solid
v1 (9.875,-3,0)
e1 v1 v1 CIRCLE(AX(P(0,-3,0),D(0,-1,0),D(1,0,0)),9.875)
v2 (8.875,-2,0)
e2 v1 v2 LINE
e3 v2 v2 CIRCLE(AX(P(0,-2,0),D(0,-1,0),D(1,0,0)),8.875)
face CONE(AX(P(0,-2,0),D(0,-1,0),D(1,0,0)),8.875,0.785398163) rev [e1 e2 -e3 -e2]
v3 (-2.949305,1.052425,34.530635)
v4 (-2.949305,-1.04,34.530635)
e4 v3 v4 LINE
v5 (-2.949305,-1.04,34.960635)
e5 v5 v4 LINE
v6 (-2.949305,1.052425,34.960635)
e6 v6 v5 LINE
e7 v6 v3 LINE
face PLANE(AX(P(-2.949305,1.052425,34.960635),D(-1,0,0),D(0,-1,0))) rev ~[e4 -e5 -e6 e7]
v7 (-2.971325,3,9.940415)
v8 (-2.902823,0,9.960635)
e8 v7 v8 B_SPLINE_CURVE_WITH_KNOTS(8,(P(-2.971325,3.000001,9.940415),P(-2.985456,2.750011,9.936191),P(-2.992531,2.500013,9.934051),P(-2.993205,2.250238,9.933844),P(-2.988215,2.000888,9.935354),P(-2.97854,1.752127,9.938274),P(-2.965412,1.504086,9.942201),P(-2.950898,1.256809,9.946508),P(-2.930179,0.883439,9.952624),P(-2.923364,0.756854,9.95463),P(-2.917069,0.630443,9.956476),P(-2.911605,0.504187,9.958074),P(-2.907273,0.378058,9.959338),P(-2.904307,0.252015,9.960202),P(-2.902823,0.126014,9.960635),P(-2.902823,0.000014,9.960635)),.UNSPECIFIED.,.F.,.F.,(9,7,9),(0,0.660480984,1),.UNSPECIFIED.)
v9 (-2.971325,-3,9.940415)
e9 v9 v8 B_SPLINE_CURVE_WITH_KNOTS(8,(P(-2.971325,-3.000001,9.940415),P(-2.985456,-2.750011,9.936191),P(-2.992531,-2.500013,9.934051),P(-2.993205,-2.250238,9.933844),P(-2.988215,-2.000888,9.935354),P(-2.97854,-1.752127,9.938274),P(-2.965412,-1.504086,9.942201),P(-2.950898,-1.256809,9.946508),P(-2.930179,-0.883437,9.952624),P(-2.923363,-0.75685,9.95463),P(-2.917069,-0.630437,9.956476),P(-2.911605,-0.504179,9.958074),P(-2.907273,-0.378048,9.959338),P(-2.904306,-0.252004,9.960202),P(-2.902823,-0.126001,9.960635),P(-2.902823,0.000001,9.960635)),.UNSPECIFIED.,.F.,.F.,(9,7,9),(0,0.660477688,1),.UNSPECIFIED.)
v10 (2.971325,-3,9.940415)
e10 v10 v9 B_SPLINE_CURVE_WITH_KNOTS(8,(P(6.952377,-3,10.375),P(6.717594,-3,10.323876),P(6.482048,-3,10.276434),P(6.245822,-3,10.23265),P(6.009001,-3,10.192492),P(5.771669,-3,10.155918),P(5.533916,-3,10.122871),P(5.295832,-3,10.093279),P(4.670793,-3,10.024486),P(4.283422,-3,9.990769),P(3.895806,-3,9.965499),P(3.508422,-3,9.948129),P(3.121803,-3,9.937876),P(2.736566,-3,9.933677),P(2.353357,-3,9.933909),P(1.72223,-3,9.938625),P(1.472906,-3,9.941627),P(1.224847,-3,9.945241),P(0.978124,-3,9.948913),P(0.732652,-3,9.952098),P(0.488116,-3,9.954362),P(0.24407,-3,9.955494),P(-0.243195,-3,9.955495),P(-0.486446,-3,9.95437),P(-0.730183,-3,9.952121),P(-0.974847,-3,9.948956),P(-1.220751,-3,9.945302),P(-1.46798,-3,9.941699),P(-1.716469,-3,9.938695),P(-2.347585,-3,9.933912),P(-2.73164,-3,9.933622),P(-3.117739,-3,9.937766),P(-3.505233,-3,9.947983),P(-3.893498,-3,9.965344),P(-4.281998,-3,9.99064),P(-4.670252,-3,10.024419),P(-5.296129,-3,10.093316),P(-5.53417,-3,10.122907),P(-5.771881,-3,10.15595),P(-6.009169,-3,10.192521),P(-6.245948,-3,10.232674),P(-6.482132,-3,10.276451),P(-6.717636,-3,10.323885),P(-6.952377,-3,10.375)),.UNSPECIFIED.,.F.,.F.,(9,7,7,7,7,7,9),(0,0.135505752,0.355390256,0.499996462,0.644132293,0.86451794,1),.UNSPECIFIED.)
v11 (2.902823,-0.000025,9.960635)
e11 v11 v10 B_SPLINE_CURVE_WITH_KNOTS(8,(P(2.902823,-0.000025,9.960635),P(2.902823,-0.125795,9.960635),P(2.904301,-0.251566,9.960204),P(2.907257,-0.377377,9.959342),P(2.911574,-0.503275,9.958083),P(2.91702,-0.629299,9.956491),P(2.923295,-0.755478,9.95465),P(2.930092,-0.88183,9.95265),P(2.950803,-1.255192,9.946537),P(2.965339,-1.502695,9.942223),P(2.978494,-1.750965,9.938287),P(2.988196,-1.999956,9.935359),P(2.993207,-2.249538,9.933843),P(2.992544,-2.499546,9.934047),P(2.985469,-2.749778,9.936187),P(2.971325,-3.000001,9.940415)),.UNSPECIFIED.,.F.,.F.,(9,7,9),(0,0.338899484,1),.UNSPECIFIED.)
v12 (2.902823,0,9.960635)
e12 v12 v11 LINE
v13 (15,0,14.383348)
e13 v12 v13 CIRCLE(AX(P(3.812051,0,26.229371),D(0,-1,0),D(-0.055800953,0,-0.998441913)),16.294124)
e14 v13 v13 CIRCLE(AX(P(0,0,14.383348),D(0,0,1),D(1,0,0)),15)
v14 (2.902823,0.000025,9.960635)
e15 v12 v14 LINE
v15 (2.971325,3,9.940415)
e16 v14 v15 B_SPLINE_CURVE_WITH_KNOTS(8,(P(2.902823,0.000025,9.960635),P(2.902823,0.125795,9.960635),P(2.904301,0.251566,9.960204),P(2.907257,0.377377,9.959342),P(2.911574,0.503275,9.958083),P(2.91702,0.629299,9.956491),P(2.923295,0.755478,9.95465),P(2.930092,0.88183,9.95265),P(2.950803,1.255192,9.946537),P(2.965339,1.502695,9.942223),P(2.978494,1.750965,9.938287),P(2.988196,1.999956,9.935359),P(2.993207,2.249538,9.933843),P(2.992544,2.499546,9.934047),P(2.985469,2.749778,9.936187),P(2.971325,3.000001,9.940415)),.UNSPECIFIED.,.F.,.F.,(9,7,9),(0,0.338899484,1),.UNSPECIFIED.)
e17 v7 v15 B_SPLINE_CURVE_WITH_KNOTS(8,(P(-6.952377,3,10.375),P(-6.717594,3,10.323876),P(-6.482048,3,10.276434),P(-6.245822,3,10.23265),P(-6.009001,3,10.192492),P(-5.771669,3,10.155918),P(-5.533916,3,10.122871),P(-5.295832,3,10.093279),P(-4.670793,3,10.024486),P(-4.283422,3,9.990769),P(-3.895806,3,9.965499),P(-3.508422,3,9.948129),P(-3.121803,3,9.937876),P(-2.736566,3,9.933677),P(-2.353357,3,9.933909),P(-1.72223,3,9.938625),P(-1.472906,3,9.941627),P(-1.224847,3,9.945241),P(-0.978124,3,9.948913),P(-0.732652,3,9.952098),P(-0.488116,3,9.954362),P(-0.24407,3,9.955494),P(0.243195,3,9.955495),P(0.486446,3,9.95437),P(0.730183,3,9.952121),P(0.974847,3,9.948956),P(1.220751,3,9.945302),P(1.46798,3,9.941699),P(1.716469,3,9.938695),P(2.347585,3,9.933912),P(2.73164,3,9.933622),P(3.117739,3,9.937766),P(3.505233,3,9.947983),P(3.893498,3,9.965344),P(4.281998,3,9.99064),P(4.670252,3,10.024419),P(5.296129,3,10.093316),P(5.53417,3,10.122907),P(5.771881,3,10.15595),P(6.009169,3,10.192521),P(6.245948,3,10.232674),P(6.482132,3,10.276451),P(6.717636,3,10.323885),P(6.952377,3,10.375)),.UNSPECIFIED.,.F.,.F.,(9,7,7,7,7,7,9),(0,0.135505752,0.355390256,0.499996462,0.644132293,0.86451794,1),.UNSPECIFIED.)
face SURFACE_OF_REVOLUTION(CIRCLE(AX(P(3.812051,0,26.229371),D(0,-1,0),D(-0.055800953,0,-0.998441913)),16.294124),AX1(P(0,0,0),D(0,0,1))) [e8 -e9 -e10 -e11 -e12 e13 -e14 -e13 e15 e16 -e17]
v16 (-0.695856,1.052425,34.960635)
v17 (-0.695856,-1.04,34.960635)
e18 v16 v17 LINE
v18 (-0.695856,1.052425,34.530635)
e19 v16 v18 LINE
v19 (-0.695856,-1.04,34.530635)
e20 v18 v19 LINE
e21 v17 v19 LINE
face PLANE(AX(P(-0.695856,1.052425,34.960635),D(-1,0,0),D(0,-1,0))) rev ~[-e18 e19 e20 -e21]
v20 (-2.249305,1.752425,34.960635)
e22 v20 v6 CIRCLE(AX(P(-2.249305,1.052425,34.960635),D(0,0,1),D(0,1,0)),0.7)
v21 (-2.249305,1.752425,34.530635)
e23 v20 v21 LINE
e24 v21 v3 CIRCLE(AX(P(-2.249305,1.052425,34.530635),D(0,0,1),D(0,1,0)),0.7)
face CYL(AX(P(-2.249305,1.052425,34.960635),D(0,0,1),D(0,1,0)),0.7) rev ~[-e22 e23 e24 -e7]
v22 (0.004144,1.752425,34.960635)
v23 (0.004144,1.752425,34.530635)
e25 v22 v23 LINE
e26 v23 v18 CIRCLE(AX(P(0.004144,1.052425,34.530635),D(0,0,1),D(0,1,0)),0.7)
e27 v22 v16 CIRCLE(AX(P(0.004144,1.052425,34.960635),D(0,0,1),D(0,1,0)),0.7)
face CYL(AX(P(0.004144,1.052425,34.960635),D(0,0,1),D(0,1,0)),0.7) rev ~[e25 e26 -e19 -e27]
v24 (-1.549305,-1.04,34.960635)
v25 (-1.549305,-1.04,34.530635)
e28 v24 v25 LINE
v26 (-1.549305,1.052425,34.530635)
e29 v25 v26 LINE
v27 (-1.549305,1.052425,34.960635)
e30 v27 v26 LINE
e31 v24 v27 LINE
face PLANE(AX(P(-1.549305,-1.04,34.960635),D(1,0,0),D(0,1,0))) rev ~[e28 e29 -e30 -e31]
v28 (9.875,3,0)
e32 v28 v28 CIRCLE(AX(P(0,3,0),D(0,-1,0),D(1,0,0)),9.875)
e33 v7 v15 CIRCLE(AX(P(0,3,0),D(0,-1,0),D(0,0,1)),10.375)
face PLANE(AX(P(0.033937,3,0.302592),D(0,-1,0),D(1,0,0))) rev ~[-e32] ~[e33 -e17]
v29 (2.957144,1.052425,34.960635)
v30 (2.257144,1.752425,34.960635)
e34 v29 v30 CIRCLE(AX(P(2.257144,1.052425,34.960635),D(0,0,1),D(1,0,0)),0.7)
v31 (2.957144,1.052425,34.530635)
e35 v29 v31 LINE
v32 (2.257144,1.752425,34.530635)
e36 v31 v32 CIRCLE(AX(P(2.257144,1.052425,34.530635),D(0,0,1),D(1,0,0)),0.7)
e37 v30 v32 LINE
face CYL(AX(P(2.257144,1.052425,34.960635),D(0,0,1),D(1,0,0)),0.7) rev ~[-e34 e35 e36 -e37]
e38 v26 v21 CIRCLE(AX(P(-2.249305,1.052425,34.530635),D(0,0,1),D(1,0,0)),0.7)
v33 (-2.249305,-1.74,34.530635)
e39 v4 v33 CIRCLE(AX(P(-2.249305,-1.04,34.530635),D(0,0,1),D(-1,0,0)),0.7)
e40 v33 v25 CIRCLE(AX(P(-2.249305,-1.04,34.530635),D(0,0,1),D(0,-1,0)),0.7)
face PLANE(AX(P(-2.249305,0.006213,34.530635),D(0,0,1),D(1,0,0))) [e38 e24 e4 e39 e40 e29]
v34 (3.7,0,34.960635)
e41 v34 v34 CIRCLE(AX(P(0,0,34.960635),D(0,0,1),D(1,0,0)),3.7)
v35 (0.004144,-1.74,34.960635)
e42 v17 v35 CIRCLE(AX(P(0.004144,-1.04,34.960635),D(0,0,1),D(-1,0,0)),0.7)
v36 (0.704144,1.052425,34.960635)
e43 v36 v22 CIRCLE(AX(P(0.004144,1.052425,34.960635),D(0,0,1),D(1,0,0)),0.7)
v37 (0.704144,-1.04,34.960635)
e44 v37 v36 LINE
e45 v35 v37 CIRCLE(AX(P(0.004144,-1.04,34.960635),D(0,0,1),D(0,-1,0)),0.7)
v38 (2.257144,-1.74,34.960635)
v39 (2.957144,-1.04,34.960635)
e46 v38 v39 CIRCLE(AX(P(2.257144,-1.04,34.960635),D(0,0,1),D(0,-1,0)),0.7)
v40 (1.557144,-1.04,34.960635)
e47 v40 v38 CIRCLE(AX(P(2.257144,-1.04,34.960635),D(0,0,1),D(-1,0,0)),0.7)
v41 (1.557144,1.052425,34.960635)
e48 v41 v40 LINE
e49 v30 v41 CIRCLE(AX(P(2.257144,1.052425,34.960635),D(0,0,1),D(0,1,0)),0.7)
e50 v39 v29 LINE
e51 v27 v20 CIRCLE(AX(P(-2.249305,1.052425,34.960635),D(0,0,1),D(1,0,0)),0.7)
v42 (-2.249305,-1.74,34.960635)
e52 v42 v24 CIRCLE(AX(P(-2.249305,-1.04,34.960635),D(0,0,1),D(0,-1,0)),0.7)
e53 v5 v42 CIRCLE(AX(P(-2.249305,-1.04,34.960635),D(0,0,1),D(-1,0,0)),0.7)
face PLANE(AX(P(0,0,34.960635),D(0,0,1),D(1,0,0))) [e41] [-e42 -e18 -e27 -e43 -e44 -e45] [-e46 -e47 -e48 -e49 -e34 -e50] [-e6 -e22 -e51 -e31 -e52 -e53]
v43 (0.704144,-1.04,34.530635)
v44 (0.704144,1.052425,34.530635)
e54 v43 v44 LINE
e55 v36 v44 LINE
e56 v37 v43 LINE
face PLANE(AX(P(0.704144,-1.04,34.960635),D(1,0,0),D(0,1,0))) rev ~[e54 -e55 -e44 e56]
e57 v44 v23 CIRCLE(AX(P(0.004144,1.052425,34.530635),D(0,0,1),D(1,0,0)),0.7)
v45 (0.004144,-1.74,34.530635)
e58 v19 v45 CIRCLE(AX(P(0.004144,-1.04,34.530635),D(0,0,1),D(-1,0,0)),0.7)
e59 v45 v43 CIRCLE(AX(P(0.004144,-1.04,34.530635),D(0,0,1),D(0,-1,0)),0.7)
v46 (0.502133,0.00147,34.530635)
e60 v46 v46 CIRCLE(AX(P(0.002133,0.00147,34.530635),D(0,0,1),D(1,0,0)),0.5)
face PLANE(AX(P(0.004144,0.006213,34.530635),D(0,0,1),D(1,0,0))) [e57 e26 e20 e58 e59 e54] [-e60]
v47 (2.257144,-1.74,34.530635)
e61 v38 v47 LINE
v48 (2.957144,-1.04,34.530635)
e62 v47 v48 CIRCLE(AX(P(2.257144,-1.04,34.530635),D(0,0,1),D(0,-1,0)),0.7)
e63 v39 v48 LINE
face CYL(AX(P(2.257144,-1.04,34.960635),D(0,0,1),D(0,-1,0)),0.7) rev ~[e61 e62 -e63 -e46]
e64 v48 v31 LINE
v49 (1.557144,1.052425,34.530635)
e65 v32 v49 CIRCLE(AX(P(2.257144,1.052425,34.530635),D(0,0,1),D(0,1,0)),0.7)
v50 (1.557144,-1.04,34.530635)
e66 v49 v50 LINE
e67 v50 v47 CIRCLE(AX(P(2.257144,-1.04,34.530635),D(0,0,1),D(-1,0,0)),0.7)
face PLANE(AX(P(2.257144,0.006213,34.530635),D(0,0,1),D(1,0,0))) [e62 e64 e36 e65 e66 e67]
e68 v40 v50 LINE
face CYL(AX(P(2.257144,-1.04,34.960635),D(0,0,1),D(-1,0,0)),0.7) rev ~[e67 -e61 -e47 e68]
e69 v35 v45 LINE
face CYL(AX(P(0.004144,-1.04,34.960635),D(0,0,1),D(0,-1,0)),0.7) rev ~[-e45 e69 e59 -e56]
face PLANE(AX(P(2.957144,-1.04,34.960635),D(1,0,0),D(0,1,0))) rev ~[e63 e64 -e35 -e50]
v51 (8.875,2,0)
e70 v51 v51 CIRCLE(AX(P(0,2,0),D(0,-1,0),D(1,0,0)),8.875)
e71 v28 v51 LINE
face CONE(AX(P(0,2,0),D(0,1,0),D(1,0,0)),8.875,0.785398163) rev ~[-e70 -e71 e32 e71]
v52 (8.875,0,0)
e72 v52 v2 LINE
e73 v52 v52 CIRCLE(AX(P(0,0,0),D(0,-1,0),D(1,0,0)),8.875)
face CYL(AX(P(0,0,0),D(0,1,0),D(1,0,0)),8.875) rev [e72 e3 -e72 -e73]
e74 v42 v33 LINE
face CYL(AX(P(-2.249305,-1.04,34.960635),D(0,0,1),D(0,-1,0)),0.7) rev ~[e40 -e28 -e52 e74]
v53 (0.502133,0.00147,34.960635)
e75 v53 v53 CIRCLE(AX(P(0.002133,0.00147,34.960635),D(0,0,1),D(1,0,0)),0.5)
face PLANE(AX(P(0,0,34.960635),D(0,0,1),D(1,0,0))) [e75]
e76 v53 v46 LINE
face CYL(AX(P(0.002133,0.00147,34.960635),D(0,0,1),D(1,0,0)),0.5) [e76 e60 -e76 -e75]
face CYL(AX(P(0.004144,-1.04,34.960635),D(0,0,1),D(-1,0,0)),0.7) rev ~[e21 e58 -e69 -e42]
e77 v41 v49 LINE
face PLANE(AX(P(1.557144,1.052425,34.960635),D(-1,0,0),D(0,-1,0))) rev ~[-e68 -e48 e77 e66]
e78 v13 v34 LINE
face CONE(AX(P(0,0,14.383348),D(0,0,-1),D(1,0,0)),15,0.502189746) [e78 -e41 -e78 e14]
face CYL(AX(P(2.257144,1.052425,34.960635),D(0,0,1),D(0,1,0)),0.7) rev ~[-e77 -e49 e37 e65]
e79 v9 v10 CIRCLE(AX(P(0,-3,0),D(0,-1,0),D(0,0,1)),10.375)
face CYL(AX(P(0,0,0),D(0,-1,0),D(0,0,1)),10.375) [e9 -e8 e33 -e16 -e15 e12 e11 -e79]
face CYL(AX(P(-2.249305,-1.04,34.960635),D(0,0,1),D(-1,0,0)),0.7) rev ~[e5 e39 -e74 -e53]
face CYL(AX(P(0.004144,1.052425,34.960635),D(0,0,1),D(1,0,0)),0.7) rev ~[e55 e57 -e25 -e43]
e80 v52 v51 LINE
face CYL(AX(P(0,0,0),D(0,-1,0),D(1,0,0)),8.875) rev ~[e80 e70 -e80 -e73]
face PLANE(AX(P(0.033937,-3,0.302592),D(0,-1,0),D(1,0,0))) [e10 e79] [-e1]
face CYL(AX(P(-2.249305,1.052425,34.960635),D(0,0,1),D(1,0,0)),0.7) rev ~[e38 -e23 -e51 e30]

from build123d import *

# Parameters (mm, degrees)
F0_R          = 8.875
F3_DEPTH      = 3
F3_DEPTH_BACK = 3
F4_SIZE       = 1
F5_R          = 0.5
F6_DEPTH      = 0.43


with BuildPart() as f2:
    # F0 (on Front) → F2 (revolve)
    with BuildSketch(Plane.XZ):
        with BuildLine():
            ThreePointArc((0, 10.375), (1.4661242569, 10.2708862647), (2.9028232275, 9.9606346339))
            ThreePointArc((2.9028232275, 9.9606346339), (9.4069705736, 10.9259285589), (15, 14.3833476682))
            Line((15, 14.3833476682), (3.7, 34.9606346339))
            Line((3.7, 34.9606346339), (0, 34.9606346339))
            Line((0, 34.9606346339), (0, 10.375))
        make_face()
    revolve(axis=Axis((0, 0, 0), (0, 0, 1)))

    # F0 (on Front) → F3 (join, two sides)
    with BuildSketch(Plane.XZ) as f3_sk:
        with BuildLine():
            ThreePointArc((0, 10.375), (-7.3362328548, -7.3362328548), (10.375, 0))
            ThreePointArc((10.375, 0), (8.2993197307, 6.2259069225), (2.9028232275, 9.9606346339))
            Line((2.9028232275, 9.9606346339), (0, 9.9606346339))
            Line((0, 9.9606346339), (0, 10.375))
        make_face()
        Circle(F0_R, mode=Mode.SUBTRACT)
        with BuildLine():
            Line((0, 9.9606346339), (2.9028232275, 9.9606346339))
            ThreePointArc((2.9028232275, 9.9606346339), (1.4661242569, 10.2708862647), (0, 10.375))
            Line((0, 10.375), (0, 9.9606346339))
        make_face()
    extrude(amount=F3_DEPTH)
    extrude(f3_sk.sketch, amount=-F3_DEPTH_BACK)

    # F4
    f4_edges = [f2.edges().sort_by_distance(p)[0] for p in [
        (-8.875, -3, 0),
        (-8.875, 3, 0),
    ]]
    chamfer(f4_edges, length=F4_SIZE)

    # F5 (on face) → F6 (cut)
    with BuildSketch(Plane.XY.offset(34.9606346339)):
        with BuildLine():
            ThreePointArc((0.0041443855, 1.7524251654), (-0.4908303614, 1.5473999123), (-0.6958556145, 1.0524251654))
            Line((-0.6958556145, 1.0524251654), (-0.6958556145, -1.0399995122))
            ThreePointArc((-0.6958556145, -1.0399995122), (-0.4908303614, -1.534974259), (0.0041443855, -1.7399995122))
            ThreePointArc((0.0041443855, -1.7399995122), (0.4991191323, -1.534974259), (0.7041443855, -1.0399995122))
            Line((0.7041443855, -1.0399995122), (0.7041443855, 1.0524251654))
            ThreePointArc((0.7041443855, 1.0524251654), (0.4991191323, 1.5473999123), (0.0041443855, 1.7524251654))
        make_face()
        with Locations((0.0021327037, 0.0014704808)):
            Circle(F5_R, mode=Mode.SUBTRACT)
        with BuildLine():
            ThreePointArc((-2.2493049037, 1.7524251654), (-2.7442796505, 1.5473999123), (-2.9493049037, 1.0524251654))
            Line((-2.9493049037, 1.0524251654), (-2.9493049037, -1.0399995122))
            ThreePointArc((-2.9493049037, -1.0399995122), (-2.7442796505, -1.534974259), (-2.2493049037, -1.7399995122))
            ThreePointArc((-2.2493049037, -1.7399995122), (-1.7543301568, -1.534974259), (-1.5493049037, -1.0399995122))
            Line((-1.5493049037, -1.0399995122), (-1.5493049037, 1.0524251654))
            ThreePointArc((-1.5493049037, 1.0524251654), (-1.7543301568, 1.5473999123), (-2.2493049037, 1.7524251654))
        make_face()
        with BuildLine():
            ThreePointArc((2.2571443855, 1.7524251654), (1.7621696386, 1.5473999123), (1.5571443855, 1.0524251654))
            Line((1.5571443855, 1.0524251654), (1.5571443855, -1.0399995122))
            ThreePointArc((1.5571443855, -1.0399995122), (1.7621696386, -1.534974259), (2.2571443855, -1.7399995122))
            ThreePointArc((2.2571443855, -1.7399995122), (2.7521191323, -1.534974259), (2.9571443855, -1.0399995122))
            Line((2.9571443855, -1.0399995122), (2.9571443855, 1.0524251654))
            ThreePointArc((2.9571443855, 1.0524251654), (2.7521191323, 1.5473999123), (2.2571443855, 1.7524251654))
        make_face()
    extrude(amount=-F6_DEPTH, mode=Mode.SUBTRACT)


solid = f2.part
